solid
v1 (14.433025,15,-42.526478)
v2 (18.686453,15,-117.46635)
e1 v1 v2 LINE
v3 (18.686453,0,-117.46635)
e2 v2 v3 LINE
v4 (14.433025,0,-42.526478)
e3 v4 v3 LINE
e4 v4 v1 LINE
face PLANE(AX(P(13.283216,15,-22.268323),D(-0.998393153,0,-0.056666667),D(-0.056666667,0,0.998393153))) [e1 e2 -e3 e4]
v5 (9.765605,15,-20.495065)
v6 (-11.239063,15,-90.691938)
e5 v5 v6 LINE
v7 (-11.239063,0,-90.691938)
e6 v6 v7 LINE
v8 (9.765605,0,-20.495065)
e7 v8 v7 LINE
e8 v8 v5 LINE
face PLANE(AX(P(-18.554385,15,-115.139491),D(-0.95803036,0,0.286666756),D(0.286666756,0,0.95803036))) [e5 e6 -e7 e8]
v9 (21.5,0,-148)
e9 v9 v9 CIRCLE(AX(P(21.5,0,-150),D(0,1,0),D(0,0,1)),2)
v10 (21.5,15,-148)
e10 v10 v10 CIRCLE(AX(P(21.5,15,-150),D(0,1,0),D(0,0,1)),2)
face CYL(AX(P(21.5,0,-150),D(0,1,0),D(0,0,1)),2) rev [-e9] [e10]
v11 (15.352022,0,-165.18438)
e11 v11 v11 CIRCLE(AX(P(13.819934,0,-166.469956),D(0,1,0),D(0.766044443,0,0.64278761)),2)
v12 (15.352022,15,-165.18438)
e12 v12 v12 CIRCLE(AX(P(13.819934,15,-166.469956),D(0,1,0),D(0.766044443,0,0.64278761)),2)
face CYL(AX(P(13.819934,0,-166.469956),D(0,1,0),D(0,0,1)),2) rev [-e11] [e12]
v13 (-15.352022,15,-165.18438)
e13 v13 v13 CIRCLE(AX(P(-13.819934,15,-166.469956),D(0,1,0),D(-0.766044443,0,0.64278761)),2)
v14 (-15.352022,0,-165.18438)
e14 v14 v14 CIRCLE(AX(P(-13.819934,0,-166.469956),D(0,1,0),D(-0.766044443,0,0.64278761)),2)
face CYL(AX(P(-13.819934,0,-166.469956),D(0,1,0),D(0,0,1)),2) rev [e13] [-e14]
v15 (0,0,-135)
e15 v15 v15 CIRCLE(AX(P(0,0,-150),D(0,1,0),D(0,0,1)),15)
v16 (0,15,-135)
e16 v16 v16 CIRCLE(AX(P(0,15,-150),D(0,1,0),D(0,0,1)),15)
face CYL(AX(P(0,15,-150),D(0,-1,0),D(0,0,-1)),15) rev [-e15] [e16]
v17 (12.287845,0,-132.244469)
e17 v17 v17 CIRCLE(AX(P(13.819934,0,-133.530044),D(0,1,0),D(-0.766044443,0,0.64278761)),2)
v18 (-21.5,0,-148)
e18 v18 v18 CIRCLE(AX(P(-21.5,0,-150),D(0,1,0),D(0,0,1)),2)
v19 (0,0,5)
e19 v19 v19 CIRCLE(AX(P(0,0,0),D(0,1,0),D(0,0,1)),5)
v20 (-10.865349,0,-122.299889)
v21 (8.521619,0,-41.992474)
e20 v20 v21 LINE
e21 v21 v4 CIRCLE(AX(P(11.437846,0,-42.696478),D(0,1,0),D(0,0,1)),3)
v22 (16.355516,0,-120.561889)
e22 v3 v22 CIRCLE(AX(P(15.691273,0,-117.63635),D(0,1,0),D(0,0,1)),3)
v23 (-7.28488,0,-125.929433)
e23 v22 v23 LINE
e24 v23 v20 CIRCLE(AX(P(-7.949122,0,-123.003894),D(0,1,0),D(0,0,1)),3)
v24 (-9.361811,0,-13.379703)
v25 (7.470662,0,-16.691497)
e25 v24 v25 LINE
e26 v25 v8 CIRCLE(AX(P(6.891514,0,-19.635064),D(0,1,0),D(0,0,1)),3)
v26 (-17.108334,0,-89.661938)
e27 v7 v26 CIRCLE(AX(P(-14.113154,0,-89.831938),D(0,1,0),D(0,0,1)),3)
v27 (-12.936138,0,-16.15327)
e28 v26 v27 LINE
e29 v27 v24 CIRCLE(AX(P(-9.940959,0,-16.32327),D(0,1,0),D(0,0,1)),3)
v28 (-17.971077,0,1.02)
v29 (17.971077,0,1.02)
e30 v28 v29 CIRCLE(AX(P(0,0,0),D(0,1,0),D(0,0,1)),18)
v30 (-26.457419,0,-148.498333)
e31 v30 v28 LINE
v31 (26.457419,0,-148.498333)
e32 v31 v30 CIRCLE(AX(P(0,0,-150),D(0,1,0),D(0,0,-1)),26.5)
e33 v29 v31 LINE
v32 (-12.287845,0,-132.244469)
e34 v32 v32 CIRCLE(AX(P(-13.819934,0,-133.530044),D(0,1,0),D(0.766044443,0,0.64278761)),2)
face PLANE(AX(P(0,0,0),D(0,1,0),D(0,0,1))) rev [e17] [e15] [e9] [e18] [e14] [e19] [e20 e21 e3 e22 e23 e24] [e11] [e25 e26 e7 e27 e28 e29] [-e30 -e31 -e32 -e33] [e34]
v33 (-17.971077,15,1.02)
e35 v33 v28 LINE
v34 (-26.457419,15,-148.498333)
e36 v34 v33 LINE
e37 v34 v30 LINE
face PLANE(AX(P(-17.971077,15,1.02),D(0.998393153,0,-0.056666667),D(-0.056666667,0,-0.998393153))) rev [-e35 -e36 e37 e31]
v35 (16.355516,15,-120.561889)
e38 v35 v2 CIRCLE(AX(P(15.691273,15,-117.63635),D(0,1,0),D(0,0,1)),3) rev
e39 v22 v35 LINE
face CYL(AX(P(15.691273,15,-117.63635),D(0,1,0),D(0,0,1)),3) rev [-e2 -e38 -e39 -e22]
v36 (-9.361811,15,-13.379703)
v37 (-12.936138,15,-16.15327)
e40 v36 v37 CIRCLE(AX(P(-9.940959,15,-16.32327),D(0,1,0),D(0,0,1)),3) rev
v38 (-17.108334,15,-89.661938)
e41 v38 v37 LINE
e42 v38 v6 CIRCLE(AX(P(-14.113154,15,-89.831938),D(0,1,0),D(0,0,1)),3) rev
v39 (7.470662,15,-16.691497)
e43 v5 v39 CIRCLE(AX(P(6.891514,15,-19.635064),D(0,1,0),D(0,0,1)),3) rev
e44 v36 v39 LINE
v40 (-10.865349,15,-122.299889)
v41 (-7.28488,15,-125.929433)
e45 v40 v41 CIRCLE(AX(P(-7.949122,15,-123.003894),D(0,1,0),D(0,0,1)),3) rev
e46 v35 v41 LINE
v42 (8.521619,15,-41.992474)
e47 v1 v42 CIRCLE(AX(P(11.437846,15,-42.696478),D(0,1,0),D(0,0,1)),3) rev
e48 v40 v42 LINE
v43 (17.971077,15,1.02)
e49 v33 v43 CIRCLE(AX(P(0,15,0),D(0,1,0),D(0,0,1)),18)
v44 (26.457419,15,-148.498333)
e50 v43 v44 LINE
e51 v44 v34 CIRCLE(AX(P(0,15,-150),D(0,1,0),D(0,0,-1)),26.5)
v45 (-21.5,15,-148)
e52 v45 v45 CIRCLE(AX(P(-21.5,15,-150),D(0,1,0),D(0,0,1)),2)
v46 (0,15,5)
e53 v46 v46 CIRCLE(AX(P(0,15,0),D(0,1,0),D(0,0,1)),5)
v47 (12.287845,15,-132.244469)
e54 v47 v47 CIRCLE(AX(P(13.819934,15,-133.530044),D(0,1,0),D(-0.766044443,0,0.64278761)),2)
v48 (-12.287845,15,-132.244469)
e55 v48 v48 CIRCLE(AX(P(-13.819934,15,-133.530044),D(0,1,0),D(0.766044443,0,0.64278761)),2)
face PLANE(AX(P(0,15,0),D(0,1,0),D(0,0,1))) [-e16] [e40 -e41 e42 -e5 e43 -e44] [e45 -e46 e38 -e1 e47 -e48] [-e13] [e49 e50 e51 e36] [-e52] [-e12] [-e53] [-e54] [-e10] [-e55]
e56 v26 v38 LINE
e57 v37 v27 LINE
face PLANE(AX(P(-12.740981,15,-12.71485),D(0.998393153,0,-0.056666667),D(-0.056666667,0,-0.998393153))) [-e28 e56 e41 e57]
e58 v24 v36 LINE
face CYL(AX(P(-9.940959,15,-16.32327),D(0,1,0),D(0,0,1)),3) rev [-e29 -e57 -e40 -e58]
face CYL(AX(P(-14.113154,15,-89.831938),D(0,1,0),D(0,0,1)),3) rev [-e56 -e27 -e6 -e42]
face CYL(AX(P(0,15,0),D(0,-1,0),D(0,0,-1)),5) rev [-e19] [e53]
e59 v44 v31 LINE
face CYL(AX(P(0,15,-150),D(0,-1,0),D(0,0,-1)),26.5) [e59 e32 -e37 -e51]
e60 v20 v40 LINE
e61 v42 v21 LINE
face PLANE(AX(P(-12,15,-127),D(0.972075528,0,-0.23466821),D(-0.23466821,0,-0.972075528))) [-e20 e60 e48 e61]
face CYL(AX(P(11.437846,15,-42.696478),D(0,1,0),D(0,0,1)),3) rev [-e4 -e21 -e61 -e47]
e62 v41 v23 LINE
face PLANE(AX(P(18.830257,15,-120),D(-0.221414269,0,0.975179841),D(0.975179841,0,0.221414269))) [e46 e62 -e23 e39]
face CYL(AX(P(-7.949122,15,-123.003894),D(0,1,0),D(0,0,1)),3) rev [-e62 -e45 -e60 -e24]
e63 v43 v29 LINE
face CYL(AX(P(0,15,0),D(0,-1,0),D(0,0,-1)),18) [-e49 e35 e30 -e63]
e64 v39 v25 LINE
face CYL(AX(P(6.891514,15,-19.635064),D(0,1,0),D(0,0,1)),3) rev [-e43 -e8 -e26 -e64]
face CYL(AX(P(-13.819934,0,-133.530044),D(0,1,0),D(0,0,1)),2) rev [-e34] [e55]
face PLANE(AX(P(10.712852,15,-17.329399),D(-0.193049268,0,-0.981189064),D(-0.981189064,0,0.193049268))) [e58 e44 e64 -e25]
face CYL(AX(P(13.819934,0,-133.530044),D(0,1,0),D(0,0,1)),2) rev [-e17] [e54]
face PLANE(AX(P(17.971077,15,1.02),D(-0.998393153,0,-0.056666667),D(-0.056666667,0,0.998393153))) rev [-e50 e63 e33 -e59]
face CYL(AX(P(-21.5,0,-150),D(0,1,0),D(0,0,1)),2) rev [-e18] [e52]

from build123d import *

# Parameters (mm, degrees)
SKETCH_1_R               = 5
SKETCH_1_R_2             = 15
EXTRUDE_1_DEPTH          = 15
FILLET_1_R               = 3
SKETCH_2_R               = 2
CUT_EXTRUDE_1_DEPTH      = 180.107509614
PATTERN_CIRCULAR_3_COUNT = 2
PATTERN_CIRCULAR_3_ANGLE = 50
PATTERN_CIRCULAR_4_COUNT = 2
PATTERN_CIRCULAR_4_ANGLE = 50


with BuildPart() as part:
    # 草图1 → 凸台-拉伸1 (new body)
    with BuildSketch(Plane(origin=(0, 0, 0), x_dir=(1, 0, 0), z_dir=(0, 1, 0))):
        with BuildLine():
            Line((-17.971076762, -1.02), (-26.457418567, 148.498333333))
            ThreePointArc((-26.457418567, 148.498333333), (0, 176.5), (26.457418567, 148.498333333))
            Line((26.457418567, 148.498333333), (17.971076762, -1.02))
            ThreePointArc((17.971076762, -1.02), (0, -18), (-17.971076762, -1.02))
        make_face()
        with Locations(Location((0, 0, 0), (0, 0, 270))):
            Circle(SKETCH_1_R, mode=Mode.SUBTRACT)
        with Locations(Location((0, 150, 0), (0, 0, 270))):
            Circle(SKETCH_1_R_2, mode=Mode.SUBTRACT)
        Polygon((-12.740980954, 12.714849757), (-18.554385191, 115.139490738), (10.712851955, 17.329399023), align=None, mode=Mode.SUBTRACT)
        Polygon((13.283215706, 22.268322657), (18.830257334, 120), (-12, 127), align=None, mode=Mode.SUBTRACT)
    extrude(amount=EXTRUDE_1_DEPTH)

    # 圆角1
    fillet_1_edges = [part.edges().sort_by_distance(p)[0] for p in [
        (-12.740980954, 7.5, -12.714849757),
        (10.712851955, 7.5, -17.329399023),
        (-18.554385191, 7.5, -115.139490738),
        (18.830257334, 7.5, -120),
        (-12, 7.5, -127),
        (13.283215706, 7.5, -22.268322657),
    ]]
    fillet(fillet_1_edges, radius=FILLET_1_R)

    # 草图2 → 切除-拉伸1 (cut, through all)
    with BuildSketch(Plane(origin=(0, 15, 0), x_dir=(1, 0, 0), z_dir=(0, 1, 0))):
        with Locations(Location((-21.5, 150, 0), (0, 0, 270))):
            Circle(SKETCH_2_R)
        with Locations(Location((21.5, 150, 0), (0, 0, 270))):
            Circle(SKETCH_2_R)
    cut_extrude_1 = extrude(amount=-CUT_EXTRUDE_1_DEPTH, mode=Mode.SUBTRACT)

    # 阵列(圆周)3: 切除-拉伸1 ×2 about axis
    pattern_circular_3_axis = Axis((0, 0, -150), (0, 1, 0))
    for i in range(1, PATTERN_CIRCULAR_3_COUNT):
        add(cut_extrude_1.rotate(pattern_circular_3_axis, i * PATTERN_CIRCULAR_3_ANGLE / (PATTERN_CIRCULAR_3_COUNT - 1)), mode=Mode.SUBTRACT)

    # 阵列(圆周)4: 切除-拉伸1 ×2 about axis
    pattern_circular_4_axis = Axis((0, 0, -150), (0, -1, 0))
    for i in range(1, PATTERN_CIRCULAR_4_COUNT):
        add(cut_extrude_1.rotate(pattern_circular_4_axis, i * PATTERN_CIRCULAR_4_ANGLE / (PATTERN_CIRCULAR_4_COUNT - 1)), mode=Mode.SUBTRACT)


solid = part.part
